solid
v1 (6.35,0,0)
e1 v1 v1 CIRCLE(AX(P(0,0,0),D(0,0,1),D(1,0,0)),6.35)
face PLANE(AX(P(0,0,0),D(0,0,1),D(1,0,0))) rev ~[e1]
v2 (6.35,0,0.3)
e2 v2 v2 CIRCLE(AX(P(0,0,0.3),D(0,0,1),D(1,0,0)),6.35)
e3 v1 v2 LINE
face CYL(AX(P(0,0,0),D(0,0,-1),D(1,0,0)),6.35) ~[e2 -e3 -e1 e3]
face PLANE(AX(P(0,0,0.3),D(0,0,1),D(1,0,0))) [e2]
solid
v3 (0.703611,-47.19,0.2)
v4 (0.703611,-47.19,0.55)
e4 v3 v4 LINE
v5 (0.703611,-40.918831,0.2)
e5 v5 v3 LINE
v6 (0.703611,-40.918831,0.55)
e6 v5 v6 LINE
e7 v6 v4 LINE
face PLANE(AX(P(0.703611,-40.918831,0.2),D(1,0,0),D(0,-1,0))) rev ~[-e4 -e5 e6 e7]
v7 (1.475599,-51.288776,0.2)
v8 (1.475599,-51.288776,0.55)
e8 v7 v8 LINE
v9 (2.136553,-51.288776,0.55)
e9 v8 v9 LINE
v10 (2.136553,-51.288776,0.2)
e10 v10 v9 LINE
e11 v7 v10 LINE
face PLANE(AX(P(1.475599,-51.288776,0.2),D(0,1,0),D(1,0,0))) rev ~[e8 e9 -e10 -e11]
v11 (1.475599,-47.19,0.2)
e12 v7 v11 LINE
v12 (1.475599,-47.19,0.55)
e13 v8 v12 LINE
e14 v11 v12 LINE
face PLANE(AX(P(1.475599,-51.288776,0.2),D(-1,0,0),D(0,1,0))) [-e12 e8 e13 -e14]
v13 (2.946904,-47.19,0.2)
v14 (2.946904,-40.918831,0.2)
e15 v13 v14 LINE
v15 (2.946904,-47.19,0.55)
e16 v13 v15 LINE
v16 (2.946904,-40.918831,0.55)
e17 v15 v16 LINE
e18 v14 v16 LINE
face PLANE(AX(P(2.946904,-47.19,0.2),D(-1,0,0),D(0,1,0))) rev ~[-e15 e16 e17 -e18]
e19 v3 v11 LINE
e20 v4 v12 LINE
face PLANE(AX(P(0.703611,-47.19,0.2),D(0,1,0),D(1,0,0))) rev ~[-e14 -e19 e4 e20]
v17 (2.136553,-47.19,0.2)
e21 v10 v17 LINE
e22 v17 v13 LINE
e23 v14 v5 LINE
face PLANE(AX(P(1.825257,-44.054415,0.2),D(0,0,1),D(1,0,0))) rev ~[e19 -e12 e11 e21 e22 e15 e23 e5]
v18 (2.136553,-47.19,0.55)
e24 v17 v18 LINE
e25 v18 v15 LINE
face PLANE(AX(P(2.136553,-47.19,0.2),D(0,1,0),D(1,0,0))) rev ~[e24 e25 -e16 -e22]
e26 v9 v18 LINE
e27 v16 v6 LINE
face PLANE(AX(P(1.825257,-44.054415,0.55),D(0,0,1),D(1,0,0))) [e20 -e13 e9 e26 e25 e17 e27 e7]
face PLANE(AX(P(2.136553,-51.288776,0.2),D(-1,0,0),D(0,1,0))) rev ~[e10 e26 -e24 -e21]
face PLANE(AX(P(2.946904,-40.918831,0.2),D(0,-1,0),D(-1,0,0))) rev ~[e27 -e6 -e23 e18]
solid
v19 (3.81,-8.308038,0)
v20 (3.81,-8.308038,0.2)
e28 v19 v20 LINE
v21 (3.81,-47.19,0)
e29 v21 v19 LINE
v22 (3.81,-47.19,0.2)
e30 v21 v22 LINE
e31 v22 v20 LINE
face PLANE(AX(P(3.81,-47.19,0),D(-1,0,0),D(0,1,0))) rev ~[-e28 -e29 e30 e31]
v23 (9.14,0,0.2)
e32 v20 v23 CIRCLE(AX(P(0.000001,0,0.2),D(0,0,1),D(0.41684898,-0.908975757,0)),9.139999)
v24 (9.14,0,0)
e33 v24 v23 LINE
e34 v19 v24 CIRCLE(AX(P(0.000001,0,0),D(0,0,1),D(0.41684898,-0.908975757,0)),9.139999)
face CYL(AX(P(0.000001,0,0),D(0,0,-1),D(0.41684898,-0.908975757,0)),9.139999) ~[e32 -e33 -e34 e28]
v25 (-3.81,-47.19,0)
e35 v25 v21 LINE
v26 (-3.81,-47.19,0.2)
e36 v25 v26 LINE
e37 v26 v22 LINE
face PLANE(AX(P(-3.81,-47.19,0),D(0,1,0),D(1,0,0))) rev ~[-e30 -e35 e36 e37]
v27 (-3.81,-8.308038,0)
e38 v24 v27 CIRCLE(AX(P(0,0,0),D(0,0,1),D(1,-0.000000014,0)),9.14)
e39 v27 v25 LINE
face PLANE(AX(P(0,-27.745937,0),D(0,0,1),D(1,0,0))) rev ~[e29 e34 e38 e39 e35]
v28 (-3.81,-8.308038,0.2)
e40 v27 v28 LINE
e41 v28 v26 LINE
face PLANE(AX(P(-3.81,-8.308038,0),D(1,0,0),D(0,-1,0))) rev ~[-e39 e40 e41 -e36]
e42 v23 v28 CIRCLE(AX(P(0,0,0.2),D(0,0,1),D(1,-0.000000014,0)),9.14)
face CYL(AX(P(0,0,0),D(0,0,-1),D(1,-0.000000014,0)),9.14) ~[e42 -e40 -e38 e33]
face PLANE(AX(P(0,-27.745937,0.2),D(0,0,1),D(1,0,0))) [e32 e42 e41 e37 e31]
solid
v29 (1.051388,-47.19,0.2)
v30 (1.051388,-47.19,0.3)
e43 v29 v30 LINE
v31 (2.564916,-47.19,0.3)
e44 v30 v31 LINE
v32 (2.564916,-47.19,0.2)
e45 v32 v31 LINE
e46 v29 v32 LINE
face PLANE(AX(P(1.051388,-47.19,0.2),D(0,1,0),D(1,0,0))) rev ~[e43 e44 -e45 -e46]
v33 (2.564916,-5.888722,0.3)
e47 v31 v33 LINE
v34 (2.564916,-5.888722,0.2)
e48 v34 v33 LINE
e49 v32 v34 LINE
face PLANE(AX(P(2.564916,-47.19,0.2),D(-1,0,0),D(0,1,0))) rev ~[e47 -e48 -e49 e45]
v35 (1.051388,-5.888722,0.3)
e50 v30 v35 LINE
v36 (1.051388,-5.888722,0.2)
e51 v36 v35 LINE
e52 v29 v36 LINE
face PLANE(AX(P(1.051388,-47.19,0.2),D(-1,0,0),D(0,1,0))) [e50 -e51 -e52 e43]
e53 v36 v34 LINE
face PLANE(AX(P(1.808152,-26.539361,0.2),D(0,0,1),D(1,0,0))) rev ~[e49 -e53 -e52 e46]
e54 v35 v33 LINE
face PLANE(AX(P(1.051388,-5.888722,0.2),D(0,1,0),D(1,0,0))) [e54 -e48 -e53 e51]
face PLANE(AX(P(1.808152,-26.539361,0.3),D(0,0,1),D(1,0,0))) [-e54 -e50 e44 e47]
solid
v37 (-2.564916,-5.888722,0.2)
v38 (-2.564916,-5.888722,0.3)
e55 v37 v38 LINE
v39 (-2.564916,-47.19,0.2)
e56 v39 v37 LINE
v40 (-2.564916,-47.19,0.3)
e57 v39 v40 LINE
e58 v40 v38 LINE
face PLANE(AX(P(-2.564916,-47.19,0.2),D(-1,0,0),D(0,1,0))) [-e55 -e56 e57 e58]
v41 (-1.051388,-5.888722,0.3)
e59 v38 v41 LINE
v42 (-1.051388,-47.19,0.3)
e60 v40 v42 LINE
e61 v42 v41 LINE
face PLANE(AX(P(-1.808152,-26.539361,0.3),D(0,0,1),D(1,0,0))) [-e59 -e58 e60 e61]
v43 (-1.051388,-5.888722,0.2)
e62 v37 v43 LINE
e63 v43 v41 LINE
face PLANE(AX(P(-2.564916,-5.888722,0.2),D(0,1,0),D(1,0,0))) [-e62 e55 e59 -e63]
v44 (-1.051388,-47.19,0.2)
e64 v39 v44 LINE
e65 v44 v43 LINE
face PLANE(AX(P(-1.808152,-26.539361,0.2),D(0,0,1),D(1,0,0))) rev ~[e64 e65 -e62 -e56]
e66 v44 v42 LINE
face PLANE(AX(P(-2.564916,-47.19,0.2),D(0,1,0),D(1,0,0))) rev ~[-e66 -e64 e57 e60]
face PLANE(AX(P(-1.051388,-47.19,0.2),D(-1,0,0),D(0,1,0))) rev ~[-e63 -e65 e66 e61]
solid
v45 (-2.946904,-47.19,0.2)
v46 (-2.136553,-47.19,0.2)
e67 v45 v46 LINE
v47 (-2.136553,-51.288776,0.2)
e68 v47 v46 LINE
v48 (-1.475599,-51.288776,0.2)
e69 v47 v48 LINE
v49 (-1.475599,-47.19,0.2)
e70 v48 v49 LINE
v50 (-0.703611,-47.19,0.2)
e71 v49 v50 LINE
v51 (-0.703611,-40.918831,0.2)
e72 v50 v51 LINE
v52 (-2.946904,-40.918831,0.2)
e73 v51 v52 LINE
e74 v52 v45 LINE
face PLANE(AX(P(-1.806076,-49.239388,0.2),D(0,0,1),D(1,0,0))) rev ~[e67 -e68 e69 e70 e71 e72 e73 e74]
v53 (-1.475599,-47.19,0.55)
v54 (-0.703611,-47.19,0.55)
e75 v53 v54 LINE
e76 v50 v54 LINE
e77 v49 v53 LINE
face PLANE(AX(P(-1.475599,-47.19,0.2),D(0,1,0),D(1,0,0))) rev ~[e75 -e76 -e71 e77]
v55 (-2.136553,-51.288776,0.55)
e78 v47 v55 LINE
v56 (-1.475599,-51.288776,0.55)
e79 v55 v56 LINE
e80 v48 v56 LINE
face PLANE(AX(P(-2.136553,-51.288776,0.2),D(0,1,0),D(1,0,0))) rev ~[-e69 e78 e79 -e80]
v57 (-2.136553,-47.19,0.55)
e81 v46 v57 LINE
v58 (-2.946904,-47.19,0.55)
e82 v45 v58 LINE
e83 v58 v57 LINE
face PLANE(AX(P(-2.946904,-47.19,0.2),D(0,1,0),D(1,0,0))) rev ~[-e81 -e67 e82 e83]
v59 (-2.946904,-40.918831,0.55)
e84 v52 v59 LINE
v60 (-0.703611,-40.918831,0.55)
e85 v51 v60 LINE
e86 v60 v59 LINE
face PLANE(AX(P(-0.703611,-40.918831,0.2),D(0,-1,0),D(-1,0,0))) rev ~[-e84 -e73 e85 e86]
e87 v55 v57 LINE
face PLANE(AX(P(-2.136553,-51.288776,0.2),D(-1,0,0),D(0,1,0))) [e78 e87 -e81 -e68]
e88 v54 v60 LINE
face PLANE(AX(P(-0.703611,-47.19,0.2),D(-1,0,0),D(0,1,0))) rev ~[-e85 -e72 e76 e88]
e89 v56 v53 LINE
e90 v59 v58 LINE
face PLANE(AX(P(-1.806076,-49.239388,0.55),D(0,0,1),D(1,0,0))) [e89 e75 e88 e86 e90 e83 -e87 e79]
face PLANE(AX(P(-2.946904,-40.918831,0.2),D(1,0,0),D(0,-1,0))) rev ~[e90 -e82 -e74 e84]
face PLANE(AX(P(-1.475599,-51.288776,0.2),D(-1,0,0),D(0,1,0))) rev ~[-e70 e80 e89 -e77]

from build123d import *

# Parameters (mm, degrees)
F0_R     = 6.35
F1_DEPTH = 0.2
F2_DEPTH = 0.3
F3_W     = 1.513528
F3_H     = 41.301278
F4_DEPTH = 0.1
F5_W     = 0.660953
F5_H     = 4.098776
F6_DEPTH = 0.35


with BuildPart() as f1:
    # F0 (on Top) → F1 (new body)
    with BuildSketch(Plane.XY):
        with BuildLine():
            ThreePointArc((3.81, -8.308038), (0, -9.14), (-3.81, -8.308038))
            Line((-3.81, -8.308038), (-3.81, -47.19))
            Line((-3.81, -47.19), (3.81, -47.19))
            Line((3.81, -47.19), (3.81, -8.308038))
        make_face()
        with BuildLine():
            ThreePointArc((3.81, -8.308038), (7.692951, -4.935393), (9.14, 0))
            ThreePointArc((9.14, 0), (-4.935393, 7.692951), (-3.81, -8.308038))
            ThreePointArc((-3.81, -8.308038), (0, -9.14), (3.81, -8.308038))
        make_face()
        Circle(F0_R, mode=Mode.SUBTRACT)
        Circle(F0_R)
    extrude(amount=F1_DEPTH)


with BuildPart() as f2:
    # F0 (on Top) → F2 (new body)
    with BuildSketch(Plane.XY):
        Circle(F0_R)
    extrude(amount=F2_DEPTH)


with BuildPart() as f4:
    # F3 (on face) → F4 (new body)
    with BuildSketch(Plane.XY.offset(0.2)):
        with Locations((-1.808152, -26.539361)):
            Rectangle(F3_W, F3_H)
        with Locations((1.808152, -26.539361)):
            Rectangle(F3_W, F3_H)
    extrude(amount=F4_DEPTH)


with BuildPart() as f6:
    # F5 (on face) → F6 (new body)
    with BuildSketch(Plane.XY.offset(0.2)):
        with Locations((-1.806076, -49.239388)):
            Rectangle(F5_W, F5_H)
        Polygon((0.703611, -40.918831), (0.703611, -47.19), (1.4756, -47.19), (2.136553, -47.19), (2.946904, -47.19), (2.946904, -40.918831), align=None)
        Polygon((-2.946904, -40.918831), (-2.946904, -47.19), (-2.136553, -47.19), (-1.4756, -47.19), (-0.703611, -47.19), (-0.703611, -40.918831), align=None)
        with Locations((1.806076, -49.239388)):
            Rectangle(F5_W, F5_H)
    extrude(amount=F6_DEPTH)


solid = Compound([f1.part, f2.part, f4.part, f6.part])
